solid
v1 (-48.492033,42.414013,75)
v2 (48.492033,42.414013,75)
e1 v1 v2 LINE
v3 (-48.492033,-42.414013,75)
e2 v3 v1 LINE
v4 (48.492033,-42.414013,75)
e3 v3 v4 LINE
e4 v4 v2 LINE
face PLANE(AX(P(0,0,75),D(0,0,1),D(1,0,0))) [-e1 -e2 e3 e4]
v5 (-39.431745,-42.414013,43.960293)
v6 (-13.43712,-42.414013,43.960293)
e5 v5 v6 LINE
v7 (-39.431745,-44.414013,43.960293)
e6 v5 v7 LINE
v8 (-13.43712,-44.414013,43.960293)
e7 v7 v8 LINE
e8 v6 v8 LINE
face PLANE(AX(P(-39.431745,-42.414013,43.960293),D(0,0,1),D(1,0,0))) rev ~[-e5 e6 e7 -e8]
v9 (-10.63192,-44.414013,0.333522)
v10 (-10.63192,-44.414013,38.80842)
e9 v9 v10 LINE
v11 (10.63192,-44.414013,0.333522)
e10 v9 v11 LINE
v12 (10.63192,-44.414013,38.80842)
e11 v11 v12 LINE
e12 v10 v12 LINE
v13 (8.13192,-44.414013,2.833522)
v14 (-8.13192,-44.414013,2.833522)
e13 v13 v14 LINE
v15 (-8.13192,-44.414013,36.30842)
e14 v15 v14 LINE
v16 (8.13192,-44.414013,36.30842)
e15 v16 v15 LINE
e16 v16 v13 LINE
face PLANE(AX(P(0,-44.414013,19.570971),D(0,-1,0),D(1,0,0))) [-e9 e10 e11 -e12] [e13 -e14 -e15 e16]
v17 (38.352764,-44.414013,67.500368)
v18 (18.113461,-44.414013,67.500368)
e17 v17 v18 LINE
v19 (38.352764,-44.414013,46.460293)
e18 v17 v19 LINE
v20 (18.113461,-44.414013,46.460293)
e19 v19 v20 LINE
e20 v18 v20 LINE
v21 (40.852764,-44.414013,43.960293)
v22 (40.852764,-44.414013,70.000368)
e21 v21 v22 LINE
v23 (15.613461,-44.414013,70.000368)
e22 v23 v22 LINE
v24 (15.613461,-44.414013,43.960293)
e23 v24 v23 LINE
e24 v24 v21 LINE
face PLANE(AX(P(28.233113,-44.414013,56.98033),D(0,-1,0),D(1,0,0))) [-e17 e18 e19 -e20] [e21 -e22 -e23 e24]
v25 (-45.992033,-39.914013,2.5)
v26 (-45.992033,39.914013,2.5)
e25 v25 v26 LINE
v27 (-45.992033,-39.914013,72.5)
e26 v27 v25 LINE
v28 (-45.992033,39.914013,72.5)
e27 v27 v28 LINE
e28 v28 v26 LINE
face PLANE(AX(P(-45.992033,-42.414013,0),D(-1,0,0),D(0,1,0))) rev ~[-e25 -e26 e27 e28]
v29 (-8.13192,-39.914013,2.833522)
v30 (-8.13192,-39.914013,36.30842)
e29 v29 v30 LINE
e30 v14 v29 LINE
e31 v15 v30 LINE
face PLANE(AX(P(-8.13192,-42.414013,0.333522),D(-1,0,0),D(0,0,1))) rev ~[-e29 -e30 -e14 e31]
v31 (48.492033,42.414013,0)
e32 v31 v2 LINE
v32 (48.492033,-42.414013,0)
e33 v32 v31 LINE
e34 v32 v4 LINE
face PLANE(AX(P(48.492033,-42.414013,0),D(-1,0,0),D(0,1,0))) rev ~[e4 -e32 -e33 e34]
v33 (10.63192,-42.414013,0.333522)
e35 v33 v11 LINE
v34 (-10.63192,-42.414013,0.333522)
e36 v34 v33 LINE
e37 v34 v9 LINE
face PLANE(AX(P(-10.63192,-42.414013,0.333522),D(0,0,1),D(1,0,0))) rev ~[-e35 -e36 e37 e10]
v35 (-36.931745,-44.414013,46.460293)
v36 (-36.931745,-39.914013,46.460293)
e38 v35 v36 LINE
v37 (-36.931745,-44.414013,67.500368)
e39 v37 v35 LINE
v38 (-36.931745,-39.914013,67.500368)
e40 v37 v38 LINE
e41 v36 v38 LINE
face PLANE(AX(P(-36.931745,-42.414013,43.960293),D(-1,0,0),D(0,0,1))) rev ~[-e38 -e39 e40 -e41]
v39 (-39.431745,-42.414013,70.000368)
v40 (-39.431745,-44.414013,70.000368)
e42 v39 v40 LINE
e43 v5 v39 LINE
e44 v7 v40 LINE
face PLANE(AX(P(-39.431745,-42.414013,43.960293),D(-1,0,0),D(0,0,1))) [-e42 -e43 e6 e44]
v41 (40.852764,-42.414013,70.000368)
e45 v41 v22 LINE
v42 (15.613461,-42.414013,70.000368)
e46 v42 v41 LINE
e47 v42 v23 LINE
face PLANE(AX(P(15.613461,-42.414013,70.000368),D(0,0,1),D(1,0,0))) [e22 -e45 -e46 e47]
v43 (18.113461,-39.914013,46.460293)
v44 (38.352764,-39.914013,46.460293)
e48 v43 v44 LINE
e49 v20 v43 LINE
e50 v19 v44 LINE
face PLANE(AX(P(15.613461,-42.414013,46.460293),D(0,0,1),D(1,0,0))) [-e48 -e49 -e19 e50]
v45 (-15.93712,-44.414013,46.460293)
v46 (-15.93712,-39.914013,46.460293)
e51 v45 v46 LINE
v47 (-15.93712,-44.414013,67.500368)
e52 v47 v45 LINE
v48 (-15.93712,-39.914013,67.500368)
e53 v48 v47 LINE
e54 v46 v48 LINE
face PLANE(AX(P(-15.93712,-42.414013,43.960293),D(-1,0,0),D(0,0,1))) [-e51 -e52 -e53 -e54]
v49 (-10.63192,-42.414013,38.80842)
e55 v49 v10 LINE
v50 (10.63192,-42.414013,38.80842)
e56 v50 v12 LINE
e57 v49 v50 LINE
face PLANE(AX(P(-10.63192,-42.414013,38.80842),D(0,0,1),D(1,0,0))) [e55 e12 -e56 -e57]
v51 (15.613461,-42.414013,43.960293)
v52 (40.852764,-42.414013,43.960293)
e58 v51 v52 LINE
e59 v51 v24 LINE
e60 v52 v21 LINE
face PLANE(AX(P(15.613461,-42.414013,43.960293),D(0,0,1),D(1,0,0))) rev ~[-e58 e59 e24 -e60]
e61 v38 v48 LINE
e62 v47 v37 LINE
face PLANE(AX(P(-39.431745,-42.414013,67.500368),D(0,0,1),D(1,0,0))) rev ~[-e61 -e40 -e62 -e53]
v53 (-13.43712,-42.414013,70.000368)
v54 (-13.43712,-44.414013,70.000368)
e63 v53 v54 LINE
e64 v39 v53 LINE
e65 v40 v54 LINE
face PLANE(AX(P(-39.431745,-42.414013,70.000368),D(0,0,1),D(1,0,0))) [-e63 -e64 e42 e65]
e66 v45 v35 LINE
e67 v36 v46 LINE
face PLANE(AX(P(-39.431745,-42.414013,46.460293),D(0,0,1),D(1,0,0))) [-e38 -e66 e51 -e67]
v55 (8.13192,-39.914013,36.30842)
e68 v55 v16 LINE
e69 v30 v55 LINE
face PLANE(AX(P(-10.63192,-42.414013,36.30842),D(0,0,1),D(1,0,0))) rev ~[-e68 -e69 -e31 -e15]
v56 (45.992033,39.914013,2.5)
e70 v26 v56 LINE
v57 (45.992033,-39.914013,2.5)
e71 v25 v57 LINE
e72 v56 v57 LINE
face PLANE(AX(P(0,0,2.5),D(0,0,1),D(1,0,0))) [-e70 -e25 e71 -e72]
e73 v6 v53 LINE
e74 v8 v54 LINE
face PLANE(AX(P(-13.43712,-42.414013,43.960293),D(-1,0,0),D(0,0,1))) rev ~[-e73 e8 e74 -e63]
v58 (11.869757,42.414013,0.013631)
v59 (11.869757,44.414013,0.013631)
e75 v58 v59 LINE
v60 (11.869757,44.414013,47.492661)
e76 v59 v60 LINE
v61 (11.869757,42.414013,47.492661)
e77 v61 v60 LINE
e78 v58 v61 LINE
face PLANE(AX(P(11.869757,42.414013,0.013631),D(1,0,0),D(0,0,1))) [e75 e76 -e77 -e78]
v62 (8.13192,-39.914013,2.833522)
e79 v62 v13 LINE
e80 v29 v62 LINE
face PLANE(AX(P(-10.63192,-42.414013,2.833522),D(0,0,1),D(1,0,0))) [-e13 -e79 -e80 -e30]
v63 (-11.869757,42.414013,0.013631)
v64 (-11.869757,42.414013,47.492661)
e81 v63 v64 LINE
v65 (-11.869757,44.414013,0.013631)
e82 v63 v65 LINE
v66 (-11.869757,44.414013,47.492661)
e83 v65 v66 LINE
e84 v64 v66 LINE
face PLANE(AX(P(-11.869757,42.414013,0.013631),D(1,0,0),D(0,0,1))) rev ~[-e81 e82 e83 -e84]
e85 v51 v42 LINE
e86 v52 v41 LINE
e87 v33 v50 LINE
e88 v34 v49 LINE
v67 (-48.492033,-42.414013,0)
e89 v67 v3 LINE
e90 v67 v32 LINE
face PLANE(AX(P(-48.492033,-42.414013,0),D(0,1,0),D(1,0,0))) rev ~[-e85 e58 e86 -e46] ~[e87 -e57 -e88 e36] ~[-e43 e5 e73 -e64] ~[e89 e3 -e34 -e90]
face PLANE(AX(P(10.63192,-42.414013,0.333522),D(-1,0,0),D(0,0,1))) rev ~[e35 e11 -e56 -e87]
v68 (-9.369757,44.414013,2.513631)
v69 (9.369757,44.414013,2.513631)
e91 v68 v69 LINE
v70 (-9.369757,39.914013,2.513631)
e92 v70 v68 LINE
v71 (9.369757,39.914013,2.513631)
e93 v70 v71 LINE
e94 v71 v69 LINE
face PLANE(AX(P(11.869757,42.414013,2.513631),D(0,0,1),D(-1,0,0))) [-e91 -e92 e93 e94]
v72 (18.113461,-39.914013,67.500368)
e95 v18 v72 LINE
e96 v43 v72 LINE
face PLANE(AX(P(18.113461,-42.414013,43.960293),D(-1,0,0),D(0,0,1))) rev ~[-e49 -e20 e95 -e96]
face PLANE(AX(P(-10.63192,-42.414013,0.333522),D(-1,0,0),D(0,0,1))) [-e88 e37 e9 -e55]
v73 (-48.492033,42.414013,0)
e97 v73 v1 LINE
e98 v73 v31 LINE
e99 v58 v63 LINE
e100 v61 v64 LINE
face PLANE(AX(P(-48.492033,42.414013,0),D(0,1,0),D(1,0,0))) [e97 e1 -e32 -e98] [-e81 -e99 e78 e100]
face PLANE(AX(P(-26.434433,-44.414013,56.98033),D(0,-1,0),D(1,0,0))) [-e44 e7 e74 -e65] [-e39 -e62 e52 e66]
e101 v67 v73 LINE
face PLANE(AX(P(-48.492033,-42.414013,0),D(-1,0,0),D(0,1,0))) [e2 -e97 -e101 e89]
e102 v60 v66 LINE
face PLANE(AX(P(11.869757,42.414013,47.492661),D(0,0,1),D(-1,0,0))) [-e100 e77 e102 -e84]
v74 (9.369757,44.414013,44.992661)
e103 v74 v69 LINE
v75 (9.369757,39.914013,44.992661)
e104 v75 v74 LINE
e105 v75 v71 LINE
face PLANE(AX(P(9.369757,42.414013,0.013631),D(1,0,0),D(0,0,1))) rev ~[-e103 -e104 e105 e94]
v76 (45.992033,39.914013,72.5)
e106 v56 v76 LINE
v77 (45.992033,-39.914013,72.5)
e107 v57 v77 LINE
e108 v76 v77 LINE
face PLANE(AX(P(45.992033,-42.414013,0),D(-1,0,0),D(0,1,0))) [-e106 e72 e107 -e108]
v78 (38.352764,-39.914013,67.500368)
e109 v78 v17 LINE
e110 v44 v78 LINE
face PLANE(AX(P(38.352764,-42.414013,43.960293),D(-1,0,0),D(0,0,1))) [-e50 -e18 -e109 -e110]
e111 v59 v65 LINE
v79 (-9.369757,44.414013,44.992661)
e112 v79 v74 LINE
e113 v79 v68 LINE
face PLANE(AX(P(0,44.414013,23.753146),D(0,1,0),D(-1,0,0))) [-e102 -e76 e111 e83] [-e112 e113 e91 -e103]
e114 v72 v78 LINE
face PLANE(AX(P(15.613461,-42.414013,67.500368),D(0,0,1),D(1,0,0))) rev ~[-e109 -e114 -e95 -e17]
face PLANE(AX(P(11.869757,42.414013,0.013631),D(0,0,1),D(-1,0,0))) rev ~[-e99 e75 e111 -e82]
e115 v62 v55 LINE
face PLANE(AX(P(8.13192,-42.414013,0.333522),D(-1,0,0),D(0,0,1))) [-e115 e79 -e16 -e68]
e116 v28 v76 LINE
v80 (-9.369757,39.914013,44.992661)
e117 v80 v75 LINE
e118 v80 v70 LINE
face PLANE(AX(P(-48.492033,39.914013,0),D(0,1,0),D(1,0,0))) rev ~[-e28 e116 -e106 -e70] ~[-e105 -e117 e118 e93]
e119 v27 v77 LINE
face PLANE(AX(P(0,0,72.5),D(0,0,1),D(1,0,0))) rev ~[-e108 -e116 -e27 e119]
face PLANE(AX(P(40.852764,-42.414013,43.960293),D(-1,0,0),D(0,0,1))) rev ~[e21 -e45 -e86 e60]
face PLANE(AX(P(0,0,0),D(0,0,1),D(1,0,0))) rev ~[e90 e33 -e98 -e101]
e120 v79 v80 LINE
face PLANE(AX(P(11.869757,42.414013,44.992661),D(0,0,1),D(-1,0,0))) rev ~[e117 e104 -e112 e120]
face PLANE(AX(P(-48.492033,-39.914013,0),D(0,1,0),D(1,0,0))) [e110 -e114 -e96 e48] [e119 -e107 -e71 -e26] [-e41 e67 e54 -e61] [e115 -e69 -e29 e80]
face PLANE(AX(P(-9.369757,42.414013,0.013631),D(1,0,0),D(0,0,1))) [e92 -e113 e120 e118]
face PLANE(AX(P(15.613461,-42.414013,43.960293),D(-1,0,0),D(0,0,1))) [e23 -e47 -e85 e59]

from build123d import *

# Parameters (mm, degrees)
F0_W     = 96.9840660691
F0_H     = 84.8280265927
F1_DEPTH = 75
F2_W     = 21.263839677
F2_H     = 38.4748987854
F3_DEPTH = 2
F4_W     = 25.9946249425
F4_H     = 26.0400751024
F4_W_2   = 25.2393023088
F5_DEPTH = 2
F6_W     = 23.7395130098
F6_H     = 47.4790297449
F7_DEPTH = 2
F8_T     = -2.5


with BuildPart() as f1:
    # F0 (on Top) → F1 (new body)
    with BuildSketch(Plane.XY):
        Rectangle(F0_W, F0_H)
    extrude(amount=F1_DEPTH)

    # F2 (on face) → F3 (join)
    with BuildSketch(Plane.XZ.offset(42.4140132964)):
        with Locations((0, 19.5709709078)):
            Rectangle(F2_W, F2_H)
    extrude(amount=F3_DEPTH)

    # F4 (on face) → F5 (join)
    with BuildSketch(Plane.XZ.offset(42.4140132964)):
        with Locations((-26.4344327152, 56.980330497)):
            Rectangle(F4_W, F4_H)
        with Locations((28.2331126402, 56.980330497)):
            Rectangle(F4_W_2, F4_H)
    extrude(amount=F5_DEPTH)

    # F6 (on face) → F7 (join)
    with BuildSketch(Plane(origin=(0, 42.4140132964, 0), x_dir=(-1, 0, 0), z_dir=(0, 1, 0))):
        with Locations((0, 23.7531457096)):
            Rectangle(F6_W, F6_H)
    extrude(amount=F7_DEPTH)

    # F8
    f8_openings = [f1.faces().sort_by_distance(p)[0] for p in [
        (0, 44.414013, 23.753146),
        (-26.434433, -44.414013, 56.98033),
        (28.233113, -44.414013, 56.98033),
        (0, -44.414013, 19.570971),
    ]]
    offset(amount=F8_T, openings=f8_openings, kind=Kind.INTERSECTION)


solid = f1.part
